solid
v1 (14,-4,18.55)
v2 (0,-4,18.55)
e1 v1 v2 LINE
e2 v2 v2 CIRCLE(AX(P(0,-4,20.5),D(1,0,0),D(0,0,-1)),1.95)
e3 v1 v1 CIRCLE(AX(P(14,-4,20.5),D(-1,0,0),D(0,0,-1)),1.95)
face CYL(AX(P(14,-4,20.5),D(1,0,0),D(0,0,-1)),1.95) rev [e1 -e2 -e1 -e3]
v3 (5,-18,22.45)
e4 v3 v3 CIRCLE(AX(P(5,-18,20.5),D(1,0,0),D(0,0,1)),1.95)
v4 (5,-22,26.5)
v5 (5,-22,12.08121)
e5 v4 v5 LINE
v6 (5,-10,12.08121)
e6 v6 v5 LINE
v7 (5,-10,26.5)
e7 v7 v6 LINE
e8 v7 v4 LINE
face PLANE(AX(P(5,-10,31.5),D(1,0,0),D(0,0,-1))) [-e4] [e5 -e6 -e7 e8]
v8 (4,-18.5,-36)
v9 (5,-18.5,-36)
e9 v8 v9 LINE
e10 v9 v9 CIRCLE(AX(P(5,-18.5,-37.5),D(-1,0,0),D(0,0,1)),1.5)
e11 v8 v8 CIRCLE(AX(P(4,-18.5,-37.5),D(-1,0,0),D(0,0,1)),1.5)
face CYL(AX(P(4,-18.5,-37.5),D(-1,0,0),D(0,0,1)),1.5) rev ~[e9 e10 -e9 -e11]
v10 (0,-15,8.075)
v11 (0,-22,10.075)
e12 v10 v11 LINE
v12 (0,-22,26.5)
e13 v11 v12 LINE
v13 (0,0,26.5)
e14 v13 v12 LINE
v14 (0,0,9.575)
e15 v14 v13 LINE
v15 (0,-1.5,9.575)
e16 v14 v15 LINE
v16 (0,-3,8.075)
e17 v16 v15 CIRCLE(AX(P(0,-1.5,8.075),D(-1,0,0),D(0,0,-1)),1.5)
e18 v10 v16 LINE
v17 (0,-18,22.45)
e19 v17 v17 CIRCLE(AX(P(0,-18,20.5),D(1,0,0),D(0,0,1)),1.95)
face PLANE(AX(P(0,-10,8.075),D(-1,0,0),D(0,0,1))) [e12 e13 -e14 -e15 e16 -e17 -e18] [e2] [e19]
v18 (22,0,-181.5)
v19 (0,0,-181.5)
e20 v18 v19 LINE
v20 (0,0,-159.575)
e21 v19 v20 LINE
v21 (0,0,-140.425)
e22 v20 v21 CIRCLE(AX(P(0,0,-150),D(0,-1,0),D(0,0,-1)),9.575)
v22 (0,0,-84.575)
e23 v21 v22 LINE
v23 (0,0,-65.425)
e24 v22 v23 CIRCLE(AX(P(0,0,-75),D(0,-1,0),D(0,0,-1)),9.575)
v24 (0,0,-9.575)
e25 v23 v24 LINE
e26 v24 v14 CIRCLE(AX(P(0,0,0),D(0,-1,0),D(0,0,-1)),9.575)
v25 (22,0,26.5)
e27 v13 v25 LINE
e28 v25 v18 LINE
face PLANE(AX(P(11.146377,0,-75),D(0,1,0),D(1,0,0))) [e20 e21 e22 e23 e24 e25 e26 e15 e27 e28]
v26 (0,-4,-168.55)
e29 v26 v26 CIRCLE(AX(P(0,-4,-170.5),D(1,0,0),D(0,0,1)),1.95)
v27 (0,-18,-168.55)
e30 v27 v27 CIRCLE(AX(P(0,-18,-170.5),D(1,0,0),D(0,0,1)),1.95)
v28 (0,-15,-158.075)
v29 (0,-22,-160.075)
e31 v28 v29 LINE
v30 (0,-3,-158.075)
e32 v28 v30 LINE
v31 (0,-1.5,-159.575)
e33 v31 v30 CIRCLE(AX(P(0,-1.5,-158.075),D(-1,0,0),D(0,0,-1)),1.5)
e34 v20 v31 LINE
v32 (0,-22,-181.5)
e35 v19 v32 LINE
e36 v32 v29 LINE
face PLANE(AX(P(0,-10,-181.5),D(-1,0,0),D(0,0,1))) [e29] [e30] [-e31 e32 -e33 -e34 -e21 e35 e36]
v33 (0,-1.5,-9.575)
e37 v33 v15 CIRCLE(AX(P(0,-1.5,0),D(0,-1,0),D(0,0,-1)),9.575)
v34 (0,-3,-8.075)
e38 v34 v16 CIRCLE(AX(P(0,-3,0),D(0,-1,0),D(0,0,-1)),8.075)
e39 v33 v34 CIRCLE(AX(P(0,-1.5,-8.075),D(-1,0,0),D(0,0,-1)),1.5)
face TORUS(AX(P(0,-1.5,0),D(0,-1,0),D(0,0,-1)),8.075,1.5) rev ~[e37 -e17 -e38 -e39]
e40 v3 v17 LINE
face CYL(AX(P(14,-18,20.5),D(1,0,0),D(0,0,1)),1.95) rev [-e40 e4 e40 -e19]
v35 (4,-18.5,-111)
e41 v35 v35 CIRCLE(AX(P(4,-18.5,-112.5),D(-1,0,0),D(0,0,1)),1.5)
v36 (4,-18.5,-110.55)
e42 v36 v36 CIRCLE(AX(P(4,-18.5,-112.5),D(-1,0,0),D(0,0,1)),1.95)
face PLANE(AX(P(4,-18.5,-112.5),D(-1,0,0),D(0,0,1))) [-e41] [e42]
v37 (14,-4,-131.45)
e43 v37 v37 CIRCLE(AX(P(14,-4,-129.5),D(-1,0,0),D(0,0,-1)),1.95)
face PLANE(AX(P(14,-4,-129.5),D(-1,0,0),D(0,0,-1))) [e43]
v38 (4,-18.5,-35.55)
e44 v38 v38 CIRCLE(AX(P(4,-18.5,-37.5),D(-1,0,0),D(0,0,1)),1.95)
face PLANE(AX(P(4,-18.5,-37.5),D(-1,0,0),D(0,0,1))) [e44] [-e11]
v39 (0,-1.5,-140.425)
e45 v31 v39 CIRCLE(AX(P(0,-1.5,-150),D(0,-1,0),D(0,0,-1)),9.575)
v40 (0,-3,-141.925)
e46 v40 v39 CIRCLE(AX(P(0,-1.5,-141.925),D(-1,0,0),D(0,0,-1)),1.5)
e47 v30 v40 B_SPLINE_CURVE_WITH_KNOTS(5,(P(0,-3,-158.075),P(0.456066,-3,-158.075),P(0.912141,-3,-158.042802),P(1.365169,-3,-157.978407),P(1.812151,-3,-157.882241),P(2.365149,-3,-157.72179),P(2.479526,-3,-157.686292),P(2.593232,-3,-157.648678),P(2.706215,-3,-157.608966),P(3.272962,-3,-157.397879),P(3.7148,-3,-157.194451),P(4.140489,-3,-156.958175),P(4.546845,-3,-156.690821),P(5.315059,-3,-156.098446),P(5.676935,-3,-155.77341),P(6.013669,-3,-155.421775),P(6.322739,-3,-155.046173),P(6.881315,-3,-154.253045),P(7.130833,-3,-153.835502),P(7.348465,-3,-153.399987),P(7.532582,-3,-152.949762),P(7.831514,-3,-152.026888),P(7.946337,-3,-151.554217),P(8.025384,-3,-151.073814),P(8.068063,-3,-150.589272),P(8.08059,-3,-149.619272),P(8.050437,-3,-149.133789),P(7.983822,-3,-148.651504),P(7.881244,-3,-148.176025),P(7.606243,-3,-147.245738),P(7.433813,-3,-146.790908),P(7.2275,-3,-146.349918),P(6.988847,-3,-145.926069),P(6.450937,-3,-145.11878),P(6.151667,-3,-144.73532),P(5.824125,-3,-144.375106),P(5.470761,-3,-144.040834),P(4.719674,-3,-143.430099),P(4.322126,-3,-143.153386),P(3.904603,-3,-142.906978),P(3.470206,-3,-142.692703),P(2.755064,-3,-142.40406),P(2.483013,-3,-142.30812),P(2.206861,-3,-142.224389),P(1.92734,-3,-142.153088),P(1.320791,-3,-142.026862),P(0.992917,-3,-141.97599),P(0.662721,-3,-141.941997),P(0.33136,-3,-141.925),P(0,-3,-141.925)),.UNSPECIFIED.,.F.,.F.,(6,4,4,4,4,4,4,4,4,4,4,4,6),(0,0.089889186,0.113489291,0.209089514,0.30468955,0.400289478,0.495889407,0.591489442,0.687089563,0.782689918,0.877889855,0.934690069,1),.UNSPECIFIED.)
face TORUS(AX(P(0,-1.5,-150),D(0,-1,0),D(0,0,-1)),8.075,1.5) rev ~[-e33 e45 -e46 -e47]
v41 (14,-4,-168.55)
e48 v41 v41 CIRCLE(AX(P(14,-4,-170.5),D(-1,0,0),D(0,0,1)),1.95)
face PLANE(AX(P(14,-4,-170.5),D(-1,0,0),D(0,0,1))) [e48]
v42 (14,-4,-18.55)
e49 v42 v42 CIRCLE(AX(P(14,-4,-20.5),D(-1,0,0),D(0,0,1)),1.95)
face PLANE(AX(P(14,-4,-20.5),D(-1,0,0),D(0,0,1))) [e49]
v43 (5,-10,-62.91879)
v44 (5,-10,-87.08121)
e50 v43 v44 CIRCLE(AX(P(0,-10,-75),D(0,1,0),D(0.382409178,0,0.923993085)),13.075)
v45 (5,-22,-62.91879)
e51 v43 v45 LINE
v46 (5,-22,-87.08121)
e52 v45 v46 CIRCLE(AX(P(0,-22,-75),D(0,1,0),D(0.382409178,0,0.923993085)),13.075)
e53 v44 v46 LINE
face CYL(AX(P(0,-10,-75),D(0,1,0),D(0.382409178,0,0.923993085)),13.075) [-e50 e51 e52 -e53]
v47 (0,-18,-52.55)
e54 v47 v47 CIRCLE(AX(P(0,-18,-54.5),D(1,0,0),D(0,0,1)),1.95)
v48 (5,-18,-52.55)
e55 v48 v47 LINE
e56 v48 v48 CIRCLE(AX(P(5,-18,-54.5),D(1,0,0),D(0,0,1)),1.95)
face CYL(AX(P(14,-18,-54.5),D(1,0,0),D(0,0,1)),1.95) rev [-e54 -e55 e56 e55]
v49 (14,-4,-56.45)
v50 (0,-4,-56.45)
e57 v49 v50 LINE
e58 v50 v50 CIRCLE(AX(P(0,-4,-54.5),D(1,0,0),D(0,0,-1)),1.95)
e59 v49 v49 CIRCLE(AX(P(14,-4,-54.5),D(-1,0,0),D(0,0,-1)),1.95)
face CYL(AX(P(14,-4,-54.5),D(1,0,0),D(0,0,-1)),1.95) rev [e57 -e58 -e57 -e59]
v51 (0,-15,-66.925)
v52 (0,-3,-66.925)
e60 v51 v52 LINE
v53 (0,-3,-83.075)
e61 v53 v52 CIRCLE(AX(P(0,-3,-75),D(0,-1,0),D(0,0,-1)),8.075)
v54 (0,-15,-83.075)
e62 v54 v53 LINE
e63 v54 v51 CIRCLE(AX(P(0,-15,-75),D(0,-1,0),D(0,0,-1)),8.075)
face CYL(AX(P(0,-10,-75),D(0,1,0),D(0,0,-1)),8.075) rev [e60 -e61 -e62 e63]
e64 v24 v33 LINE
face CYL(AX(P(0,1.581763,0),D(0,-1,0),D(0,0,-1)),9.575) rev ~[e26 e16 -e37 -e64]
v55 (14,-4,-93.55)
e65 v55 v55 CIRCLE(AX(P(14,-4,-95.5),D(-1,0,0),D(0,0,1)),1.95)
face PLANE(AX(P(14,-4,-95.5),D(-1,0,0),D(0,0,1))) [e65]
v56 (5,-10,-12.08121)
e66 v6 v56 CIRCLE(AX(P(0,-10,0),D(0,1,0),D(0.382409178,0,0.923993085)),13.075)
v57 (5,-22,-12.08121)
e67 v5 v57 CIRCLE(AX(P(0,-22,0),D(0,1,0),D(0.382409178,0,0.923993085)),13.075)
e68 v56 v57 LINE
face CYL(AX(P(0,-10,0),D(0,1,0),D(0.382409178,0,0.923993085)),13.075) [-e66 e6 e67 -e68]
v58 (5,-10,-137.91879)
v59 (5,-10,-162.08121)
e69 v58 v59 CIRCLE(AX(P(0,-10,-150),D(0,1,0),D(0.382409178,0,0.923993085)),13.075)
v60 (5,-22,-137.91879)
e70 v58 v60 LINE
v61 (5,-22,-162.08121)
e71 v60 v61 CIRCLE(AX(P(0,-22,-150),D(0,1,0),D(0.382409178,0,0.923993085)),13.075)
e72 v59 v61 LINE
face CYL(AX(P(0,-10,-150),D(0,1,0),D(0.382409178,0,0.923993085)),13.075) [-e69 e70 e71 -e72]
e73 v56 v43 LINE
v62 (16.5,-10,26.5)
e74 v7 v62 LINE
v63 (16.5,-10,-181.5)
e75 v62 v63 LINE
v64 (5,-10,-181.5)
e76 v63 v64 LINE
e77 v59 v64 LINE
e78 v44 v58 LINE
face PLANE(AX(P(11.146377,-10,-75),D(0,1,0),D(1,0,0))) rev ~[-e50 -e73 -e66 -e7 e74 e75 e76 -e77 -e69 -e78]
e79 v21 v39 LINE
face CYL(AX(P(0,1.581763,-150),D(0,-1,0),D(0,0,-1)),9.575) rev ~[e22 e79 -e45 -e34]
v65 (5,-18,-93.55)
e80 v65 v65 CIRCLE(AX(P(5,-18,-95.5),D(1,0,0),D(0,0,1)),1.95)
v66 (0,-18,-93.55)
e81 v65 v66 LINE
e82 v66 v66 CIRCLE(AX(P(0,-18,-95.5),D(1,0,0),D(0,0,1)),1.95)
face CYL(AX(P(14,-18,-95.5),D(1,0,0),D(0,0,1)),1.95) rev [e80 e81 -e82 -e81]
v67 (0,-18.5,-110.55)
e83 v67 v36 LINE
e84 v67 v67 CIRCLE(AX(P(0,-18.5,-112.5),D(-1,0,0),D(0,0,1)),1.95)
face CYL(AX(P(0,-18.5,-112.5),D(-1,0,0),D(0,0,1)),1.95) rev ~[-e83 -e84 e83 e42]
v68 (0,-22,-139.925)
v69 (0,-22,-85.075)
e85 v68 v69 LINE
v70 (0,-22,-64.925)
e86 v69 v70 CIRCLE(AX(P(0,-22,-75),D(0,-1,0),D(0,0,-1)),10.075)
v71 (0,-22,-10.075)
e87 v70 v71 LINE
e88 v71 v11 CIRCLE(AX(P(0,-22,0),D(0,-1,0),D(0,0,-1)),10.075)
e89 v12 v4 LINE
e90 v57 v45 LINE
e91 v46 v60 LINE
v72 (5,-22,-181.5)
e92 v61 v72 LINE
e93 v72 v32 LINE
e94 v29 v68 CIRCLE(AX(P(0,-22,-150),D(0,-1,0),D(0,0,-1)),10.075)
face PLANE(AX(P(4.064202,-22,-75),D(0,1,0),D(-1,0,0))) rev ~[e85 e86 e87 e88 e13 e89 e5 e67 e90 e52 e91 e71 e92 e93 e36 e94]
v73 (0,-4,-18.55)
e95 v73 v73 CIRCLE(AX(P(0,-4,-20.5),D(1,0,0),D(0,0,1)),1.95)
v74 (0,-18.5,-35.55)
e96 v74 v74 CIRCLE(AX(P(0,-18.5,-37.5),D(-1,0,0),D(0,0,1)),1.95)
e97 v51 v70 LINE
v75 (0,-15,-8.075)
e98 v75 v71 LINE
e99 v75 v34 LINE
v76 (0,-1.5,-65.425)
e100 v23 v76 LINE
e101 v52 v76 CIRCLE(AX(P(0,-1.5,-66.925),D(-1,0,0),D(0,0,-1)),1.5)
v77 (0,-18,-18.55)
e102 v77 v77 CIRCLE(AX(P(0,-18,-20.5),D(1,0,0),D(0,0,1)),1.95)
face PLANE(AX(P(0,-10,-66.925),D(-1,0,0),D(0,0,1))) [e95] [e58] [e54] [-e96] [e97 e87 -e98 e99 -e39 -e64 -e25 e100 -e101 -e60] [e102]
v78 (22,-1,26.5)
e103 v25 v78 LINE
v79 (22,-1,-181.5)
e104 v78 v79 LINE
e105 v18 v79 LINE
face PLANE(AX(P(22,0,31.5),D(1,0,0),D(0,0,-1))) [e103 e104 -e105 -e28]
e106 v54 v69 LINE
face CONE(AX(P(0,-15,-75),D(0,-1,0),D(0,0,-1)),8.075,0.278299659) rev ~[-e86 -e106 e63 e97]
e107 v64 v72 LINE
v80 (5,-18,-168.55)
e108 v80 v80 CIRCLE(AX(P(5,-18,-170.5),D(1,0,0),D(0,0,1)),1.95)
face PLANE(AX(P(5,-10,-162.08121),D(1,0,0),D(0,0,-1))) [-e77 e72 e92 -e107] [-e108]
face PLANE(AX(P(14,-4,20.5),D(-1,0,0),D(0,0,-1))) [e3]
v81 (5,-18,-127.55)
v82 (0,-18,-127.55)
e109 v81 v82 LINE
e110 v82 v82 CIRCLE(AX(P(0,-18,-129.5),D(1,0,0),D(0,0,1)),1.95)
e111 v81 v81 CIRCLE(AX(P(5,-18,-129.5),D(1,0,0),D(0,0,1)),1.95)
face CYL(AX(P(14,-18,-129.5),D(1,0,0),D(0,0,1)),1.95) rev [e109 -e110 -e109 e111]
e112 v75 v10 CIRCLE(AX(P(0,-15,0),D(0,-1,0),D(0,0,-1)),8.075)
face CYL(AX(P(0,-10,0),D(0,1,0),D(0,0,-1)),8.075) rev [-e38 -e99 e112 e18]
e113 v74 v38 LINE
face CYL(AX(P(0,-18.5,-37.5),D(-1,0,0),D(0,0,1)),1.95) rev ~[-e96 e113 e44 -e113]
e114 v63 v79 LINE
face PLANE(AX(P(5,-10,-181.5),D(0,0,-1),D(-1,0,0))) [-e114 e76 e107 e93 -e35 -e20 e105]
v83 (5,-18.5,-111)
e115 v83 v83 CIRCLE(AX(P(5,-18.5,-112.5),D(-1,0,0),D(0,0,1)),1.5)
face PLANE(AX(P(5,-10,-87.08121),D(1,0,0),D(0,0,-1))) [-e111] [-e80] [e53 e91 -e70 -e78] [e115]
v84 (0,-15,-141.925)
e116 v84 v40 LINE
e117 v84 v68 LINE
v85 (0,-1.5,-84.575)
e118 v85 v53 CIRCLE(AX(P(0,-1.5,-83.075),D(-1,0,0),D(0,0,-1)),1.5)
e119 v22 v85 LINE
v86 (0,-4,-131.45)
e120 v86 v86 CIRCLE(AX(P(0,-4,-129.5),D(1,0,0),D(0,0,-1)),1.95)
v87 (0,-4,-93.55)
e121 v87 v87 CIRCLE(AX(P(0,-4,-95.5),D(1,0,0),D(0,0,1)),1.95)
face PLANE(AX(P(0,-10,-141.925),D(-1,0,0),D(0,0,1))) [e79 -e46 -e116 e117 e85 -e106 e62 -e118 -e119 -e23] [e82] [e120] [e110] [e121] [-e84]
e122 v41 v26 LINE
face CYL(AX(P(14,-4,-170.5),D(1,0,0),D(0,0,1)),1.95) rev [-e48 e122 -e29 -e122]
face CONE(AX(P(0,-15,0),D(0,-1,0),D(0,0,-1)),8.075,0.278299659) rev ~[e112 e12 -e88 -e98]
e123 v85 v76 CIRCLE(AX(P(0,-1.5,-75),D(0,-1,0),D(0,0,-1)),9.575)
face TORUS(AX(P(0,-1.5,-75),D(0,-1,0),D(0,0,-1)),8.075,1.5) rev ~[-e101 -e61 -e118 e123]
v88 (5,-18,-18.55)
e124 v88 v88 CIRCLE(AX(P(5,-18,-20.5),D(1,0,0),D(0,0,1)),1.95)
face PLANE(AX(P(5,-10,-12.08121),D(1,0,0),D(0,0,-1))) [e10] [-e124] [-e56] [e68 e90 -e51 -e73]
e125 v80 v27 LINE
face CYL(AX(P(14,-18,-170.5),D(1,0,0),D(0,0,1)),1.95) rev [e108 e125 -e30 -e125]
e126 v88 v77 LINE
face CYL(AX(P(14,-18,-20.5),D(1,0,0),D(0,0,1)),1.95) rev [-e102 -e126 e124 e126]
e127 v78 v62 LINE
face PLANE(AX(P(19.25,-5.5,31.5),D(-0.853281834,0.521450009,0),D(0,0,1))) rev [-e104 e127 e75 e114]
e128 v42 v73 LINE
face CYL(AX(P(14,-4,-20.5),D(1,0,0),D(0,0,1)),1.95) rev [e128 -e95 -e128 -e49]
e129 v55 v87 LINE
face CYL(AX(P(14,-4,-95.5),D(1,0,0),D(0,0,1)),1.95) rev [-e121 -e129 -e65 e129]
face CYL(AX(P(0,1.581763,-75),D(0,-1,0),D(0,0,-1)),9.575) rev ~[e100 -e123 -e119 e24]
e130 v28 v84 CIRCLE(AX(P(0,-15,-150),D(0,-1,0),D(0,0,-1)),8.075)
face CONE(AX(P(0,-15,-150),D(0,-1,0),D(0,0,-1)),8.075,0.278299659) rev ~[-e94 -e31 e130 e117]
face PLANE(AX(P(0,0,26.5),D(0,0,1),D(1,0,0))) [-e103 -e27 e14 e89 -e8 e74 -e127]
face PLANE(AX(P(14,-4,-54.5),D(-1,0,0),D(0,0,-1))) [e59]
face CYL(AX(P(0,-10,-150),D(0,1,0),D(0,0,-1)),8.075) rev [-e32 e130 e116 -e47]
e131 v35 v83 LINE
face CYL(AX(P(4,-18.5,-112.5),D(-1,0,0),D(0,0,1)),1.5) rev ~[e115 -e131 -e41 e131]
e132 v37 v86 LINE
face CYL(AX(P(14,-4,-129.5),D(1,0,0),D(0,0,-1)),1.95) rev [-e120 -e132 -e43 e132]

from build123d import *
from OCP.BRepFilletAPI import BRepFilletAPI_MakeChamfer

# Parameters (mm, degrees)
BOSS_EXTRUDE1_DEPTH        = 10
BOSS_EXTRUDE2_DEPTH        = 12
CUT_EXTRUDE3_DEPTH         = 6
CUT_EXTRUDE3_DEPTH_BACK    = 14
SKETCH7_R                  = 1.95
SKETCH8_R                  = 1.95
CUT_EXTRUDE4_DEPTH         = 4
SKETCH9_R                  = 1.5
CUT_EXTRUDE5_DEPTH         = 4
LPATTERN1_COUNT            = 2
LPATTERN1_PITCH            = 75
CHAMFER2_SIZE              = 5.5
CHAMFER2_SIZE2             = 9
CHAMFER3_SIZE              = 7
CHAMFER3_SIZE2             = 2
LPATTERN2_COUNT            = 3
LPATTERN2_PITCH            = 75
SZKIC1_W                   = 22.668374216
SZKIC1_H                   = 5
WYTNIJ_WYCI_GNI_CIE1_DEPTH = 30.5


with BuildPart() as part:
    # Sketch1 → Boss-Extrude1 (new body)
    with BuildSketch(Plane(origin=(0, 0, 0), x_dir=(1, 0, 0), z_dir=(0, 1, 0))):
        with BuildLine():
            Line((0, -8.075), (0, -31.5))
            Line((0, -31.5), (22, -31.5))
            Line((22, -31.5), (22, 181.5))
            Line((22, 181.5), (0, 181.5))
            Line((0, 181.5), (0, 158.075))
            ThreePointArc((0, 158.075), (8.075, 150), (0, 141.925))
            Line((0, 141.925), (0, 83.075))
            ThreePointArc((0, 83.075), (8.075, 75), (0, 66.925))
            Line((0, 66.925), (0, 8.075))
            ThreePointArc((0, 8.075), (8.075, 0), (0, -8.075))
        make_face()
    extrude(amount=-BOSS_EXTRUDE1_DEPTH)

    # Sketch3 → Boss-Extrude2 (add)
    with BuildSketch(Plane.XZ.offset(10)):
        with BuildLine():
            Line((0, -181.5), (0, -158.075))
            ThreePointArc((0, -158.075), (8.075, -150), (0, -141.925))
            Line((0, -141.925), (0, -83.075))
            ThreePointArc((0, -83.075), (8.075, -75), (0, -66.925))
            Line((0, -66.925), (0, -8.075))
            ThreePointArc((0, -8.075), (8.075, 0), (0, 8.075))
            Line((0, 8.075), (0, 31.5))
            Line((0, 31.5), (5, 31.5))
            Line((5, 31.5), (5, 12.081209583))
            ThreePointArc((5, 12.081209583), (13.075, 0), (5, -12.081209583))
            Line((5, -12.081209583), (5, -62.918790417))
            ThreePointArc((5, -62.918790417), (13.075, -75), (5, -87.081209583))
            Line((5, -87.081209583), (5, -137.918790417))
            ThreePointArc((5, -137.918790417), (13.075, -150), (5, -162.081209583))
            Line((5, -162.081209583), (5, -181.5))
            Line((5, -181.5), (0, -181.5))
        make_face()
    extrude(amount=BOSS_EXTRUDE2_DEPTH)

    # Sketch7 → Cut-Extrude3 (cut, two sides: drawn at the far end of the back side and taken through both)
    with BuildSketch(Plane.ZY.offset(-CUT_EXTRUDE3_DEPTH_BACK)):
        with Locations((-170.5, -4)):
            Circle(SKETCH7_R)
        with Locations((-170.5, -18)):
            Circle(SKETCH7_R)
        with Locations(Location((-129.5, -4, 0), (0, 0, 180))):
            Circle(SKETCH7_R)
        with Locations((-129.5, -18)):
            Circle(SKETCH7_R)
        with Locations((-95.5, -4)):
            Circle(SKETCH7_R)
        with Locations(Location((-54.5, -4, 0), (0, 0, 180))):
            Circle(SKETCH7_R)
        with Locations((-54.5, -18)):
            Circle(SKETCH7_R)
        with Locations((-95.5, -18)):
            Circle(SKETCH7_R)
        with Locations((-20.5, -4)):
            Circle(SKETCH7_R)
        with Locations(Location((20.5, -4, 0), (0, 0, 180))):
            Circle(SKETCH7_R)
        with Locations((20.5, -18)):
            Circle(SKETCH7_R)
        with Locations((-20.5, -18)):
            Circle(SKETCH7_R)
    extrude(amount=CUT_EXTRUDE3_DEPTH + CUT_EXTRUDE3_DEPTH_BACK, mode=Mode.SUBTRACT)

    # Sketch8 → Cut-Extrude4 (cut)
    with BuildSketch(Plane.ZY):
        with Locations((-112.5, -18.5)):
            Circle(SKETCH8_R)
    cut_extrude4 = extrude(amount=-CUT_EXTRUDE4_DEPTH, mode=Mode.SUBTRACT)

    # Sketch9 → Cut-Extrude5 (cut)
    with BuildSketch(Plane.ZY.offset(-4)):
        with Locations((-112.5, -18.5)):
            Circle(SKETCH9_R)
    cut_extrude5 = extrude(amount=-CUT_EXTRUDE5_DEPTH, mode=Mode.SUBTRACT)

    # LPattern1: Cut-Extrude4, Cut-Extrude5 ×2
    with Locations(*[(0, 0, i * LPATTERN1_PITCH) for i in range(1, LPATTERN1_COUNT)]):
        add(cut_extrude4, mode=Mode.SUBTRACT)
        add(cut_extrude5, mode=Mode.SUBTRACT)

    # Chamfer2
    chamfer2_edges = [part.edges().sort_by_distance(p)[0] for p in [
        (22, -10, -75),
    ]]
    chamfer2_side = [part.faces().sort_by_distance(p)[0] for p in [
        (14.183508734, -10, -75),
    ]]
    chamfer(chamfer2_edges, length=CHAMFER2_SIZE, length2=CHAMFER2_SIZE2, reference=chamfer2_side[0])

    # Chamfer3: one chamfer whose edges measure the first distance from different faces: ONE call of the kernel's chamfer builder (chamfer() names one face for all edges)
    chamfer3_edges_1 = [part.edges().sort_by_distance(p)[0] for p in [
        (8.075, -22, 0),
    ]]
    chamfer3_side_1 = [part.faces().sort_by_distance(p)[0] for p in [
        (8.075, -11, 0),
    ]]
    chamfer3_edges_2 = [part.edges().sort_by_distance(p)[0] for p in [
        (8.075, -22, -75),
    ]]
    chamfer3_side_2 = [part.faces().sort_by_distance(p)[0] for p in [
        (8.075, -11, -75),
    ]]
    chamfer3_edges_3 = [part.edges().sort_by_distance(p)[0] for p in [
        (8.075, -22, -150),
    ]]
    chamfer3_side_3 = [part.faces().sort_by_distance(p)[0] for p in [
        (8.075, -11, -150),
    ]]
    chamfer3 = BRepFilletAPI_MakeChamfer(part.part.solid().wrapped)
    for e in chamfer3_edges_1:
        chamfer3.Add(CHAMFER3_SIZE, CHAMFER3_SIZE2, e.wrapped, chamfer3_side_1[0].wrapped)  # the first distance lies on this face
    for e in chamfer3_edges_2:
        chamfer3.Add(CHAMFER3_SIZE, CHAMFER3_SIZE2, e.wrapped, chamfer3_side_2[0].wrapped)  # the first distance lies on this face
    for e in chamfer3_edges_3:
        chamfer3.Add(CHAMFER3_SIZE, CHAMFER3_SIZE2, e.wrapped, chamfer3_side_3[0].wrapped)  # the first distance lies on this face
    add(Compound.cast(chamfer3.Shape()), mode=Mode.REPLACE)

    # Sketch10 → Cut-Revolve1 (revolve, cut)
    with BuildSketch(Plane.ZY):
        with BuildLine():
            Line((-159.575, 1.581763394), (-159.575, -1.5))
            ThreePointArc((-159.575, -1.5), (-157.014339828, -2.560660172), (-158.075, 0))
            Line((-158.075, 0), (-159.575, 1.581763394))
        make_face()
    cut_revolve1 = revolve(axis=Axis((0, 2.197765982, -150), (0, -1, 0)), mode=Mode.SUBTRACT)

    # LPattern2: Cut-Revolve1 ×3
    with Locations(*[(0, 0, i * LPATTERN2_PITCH) for i in range(1, LPATTERN2_COUNT)]):
        add(cut_revolve1, mode=Mode.SUBTRACT)

    # Szkic1 → Wytnij-wyciągnięcie1 (cut)
    with BuildSketch(Plane(origin=(0, 0, 0), x_dir=(1, 0, 0), z_dir=(0, 1, 0))):
        with Locations((11.334187108, -29)):
            Rectangle(SZKIC1_W, SZKIC1_H)
    extrude(amount=-WYTNIJ_WYCI_GNI_CIE1_DEPTH, mode=Mode.SUBTRACT)


solid = part.part
